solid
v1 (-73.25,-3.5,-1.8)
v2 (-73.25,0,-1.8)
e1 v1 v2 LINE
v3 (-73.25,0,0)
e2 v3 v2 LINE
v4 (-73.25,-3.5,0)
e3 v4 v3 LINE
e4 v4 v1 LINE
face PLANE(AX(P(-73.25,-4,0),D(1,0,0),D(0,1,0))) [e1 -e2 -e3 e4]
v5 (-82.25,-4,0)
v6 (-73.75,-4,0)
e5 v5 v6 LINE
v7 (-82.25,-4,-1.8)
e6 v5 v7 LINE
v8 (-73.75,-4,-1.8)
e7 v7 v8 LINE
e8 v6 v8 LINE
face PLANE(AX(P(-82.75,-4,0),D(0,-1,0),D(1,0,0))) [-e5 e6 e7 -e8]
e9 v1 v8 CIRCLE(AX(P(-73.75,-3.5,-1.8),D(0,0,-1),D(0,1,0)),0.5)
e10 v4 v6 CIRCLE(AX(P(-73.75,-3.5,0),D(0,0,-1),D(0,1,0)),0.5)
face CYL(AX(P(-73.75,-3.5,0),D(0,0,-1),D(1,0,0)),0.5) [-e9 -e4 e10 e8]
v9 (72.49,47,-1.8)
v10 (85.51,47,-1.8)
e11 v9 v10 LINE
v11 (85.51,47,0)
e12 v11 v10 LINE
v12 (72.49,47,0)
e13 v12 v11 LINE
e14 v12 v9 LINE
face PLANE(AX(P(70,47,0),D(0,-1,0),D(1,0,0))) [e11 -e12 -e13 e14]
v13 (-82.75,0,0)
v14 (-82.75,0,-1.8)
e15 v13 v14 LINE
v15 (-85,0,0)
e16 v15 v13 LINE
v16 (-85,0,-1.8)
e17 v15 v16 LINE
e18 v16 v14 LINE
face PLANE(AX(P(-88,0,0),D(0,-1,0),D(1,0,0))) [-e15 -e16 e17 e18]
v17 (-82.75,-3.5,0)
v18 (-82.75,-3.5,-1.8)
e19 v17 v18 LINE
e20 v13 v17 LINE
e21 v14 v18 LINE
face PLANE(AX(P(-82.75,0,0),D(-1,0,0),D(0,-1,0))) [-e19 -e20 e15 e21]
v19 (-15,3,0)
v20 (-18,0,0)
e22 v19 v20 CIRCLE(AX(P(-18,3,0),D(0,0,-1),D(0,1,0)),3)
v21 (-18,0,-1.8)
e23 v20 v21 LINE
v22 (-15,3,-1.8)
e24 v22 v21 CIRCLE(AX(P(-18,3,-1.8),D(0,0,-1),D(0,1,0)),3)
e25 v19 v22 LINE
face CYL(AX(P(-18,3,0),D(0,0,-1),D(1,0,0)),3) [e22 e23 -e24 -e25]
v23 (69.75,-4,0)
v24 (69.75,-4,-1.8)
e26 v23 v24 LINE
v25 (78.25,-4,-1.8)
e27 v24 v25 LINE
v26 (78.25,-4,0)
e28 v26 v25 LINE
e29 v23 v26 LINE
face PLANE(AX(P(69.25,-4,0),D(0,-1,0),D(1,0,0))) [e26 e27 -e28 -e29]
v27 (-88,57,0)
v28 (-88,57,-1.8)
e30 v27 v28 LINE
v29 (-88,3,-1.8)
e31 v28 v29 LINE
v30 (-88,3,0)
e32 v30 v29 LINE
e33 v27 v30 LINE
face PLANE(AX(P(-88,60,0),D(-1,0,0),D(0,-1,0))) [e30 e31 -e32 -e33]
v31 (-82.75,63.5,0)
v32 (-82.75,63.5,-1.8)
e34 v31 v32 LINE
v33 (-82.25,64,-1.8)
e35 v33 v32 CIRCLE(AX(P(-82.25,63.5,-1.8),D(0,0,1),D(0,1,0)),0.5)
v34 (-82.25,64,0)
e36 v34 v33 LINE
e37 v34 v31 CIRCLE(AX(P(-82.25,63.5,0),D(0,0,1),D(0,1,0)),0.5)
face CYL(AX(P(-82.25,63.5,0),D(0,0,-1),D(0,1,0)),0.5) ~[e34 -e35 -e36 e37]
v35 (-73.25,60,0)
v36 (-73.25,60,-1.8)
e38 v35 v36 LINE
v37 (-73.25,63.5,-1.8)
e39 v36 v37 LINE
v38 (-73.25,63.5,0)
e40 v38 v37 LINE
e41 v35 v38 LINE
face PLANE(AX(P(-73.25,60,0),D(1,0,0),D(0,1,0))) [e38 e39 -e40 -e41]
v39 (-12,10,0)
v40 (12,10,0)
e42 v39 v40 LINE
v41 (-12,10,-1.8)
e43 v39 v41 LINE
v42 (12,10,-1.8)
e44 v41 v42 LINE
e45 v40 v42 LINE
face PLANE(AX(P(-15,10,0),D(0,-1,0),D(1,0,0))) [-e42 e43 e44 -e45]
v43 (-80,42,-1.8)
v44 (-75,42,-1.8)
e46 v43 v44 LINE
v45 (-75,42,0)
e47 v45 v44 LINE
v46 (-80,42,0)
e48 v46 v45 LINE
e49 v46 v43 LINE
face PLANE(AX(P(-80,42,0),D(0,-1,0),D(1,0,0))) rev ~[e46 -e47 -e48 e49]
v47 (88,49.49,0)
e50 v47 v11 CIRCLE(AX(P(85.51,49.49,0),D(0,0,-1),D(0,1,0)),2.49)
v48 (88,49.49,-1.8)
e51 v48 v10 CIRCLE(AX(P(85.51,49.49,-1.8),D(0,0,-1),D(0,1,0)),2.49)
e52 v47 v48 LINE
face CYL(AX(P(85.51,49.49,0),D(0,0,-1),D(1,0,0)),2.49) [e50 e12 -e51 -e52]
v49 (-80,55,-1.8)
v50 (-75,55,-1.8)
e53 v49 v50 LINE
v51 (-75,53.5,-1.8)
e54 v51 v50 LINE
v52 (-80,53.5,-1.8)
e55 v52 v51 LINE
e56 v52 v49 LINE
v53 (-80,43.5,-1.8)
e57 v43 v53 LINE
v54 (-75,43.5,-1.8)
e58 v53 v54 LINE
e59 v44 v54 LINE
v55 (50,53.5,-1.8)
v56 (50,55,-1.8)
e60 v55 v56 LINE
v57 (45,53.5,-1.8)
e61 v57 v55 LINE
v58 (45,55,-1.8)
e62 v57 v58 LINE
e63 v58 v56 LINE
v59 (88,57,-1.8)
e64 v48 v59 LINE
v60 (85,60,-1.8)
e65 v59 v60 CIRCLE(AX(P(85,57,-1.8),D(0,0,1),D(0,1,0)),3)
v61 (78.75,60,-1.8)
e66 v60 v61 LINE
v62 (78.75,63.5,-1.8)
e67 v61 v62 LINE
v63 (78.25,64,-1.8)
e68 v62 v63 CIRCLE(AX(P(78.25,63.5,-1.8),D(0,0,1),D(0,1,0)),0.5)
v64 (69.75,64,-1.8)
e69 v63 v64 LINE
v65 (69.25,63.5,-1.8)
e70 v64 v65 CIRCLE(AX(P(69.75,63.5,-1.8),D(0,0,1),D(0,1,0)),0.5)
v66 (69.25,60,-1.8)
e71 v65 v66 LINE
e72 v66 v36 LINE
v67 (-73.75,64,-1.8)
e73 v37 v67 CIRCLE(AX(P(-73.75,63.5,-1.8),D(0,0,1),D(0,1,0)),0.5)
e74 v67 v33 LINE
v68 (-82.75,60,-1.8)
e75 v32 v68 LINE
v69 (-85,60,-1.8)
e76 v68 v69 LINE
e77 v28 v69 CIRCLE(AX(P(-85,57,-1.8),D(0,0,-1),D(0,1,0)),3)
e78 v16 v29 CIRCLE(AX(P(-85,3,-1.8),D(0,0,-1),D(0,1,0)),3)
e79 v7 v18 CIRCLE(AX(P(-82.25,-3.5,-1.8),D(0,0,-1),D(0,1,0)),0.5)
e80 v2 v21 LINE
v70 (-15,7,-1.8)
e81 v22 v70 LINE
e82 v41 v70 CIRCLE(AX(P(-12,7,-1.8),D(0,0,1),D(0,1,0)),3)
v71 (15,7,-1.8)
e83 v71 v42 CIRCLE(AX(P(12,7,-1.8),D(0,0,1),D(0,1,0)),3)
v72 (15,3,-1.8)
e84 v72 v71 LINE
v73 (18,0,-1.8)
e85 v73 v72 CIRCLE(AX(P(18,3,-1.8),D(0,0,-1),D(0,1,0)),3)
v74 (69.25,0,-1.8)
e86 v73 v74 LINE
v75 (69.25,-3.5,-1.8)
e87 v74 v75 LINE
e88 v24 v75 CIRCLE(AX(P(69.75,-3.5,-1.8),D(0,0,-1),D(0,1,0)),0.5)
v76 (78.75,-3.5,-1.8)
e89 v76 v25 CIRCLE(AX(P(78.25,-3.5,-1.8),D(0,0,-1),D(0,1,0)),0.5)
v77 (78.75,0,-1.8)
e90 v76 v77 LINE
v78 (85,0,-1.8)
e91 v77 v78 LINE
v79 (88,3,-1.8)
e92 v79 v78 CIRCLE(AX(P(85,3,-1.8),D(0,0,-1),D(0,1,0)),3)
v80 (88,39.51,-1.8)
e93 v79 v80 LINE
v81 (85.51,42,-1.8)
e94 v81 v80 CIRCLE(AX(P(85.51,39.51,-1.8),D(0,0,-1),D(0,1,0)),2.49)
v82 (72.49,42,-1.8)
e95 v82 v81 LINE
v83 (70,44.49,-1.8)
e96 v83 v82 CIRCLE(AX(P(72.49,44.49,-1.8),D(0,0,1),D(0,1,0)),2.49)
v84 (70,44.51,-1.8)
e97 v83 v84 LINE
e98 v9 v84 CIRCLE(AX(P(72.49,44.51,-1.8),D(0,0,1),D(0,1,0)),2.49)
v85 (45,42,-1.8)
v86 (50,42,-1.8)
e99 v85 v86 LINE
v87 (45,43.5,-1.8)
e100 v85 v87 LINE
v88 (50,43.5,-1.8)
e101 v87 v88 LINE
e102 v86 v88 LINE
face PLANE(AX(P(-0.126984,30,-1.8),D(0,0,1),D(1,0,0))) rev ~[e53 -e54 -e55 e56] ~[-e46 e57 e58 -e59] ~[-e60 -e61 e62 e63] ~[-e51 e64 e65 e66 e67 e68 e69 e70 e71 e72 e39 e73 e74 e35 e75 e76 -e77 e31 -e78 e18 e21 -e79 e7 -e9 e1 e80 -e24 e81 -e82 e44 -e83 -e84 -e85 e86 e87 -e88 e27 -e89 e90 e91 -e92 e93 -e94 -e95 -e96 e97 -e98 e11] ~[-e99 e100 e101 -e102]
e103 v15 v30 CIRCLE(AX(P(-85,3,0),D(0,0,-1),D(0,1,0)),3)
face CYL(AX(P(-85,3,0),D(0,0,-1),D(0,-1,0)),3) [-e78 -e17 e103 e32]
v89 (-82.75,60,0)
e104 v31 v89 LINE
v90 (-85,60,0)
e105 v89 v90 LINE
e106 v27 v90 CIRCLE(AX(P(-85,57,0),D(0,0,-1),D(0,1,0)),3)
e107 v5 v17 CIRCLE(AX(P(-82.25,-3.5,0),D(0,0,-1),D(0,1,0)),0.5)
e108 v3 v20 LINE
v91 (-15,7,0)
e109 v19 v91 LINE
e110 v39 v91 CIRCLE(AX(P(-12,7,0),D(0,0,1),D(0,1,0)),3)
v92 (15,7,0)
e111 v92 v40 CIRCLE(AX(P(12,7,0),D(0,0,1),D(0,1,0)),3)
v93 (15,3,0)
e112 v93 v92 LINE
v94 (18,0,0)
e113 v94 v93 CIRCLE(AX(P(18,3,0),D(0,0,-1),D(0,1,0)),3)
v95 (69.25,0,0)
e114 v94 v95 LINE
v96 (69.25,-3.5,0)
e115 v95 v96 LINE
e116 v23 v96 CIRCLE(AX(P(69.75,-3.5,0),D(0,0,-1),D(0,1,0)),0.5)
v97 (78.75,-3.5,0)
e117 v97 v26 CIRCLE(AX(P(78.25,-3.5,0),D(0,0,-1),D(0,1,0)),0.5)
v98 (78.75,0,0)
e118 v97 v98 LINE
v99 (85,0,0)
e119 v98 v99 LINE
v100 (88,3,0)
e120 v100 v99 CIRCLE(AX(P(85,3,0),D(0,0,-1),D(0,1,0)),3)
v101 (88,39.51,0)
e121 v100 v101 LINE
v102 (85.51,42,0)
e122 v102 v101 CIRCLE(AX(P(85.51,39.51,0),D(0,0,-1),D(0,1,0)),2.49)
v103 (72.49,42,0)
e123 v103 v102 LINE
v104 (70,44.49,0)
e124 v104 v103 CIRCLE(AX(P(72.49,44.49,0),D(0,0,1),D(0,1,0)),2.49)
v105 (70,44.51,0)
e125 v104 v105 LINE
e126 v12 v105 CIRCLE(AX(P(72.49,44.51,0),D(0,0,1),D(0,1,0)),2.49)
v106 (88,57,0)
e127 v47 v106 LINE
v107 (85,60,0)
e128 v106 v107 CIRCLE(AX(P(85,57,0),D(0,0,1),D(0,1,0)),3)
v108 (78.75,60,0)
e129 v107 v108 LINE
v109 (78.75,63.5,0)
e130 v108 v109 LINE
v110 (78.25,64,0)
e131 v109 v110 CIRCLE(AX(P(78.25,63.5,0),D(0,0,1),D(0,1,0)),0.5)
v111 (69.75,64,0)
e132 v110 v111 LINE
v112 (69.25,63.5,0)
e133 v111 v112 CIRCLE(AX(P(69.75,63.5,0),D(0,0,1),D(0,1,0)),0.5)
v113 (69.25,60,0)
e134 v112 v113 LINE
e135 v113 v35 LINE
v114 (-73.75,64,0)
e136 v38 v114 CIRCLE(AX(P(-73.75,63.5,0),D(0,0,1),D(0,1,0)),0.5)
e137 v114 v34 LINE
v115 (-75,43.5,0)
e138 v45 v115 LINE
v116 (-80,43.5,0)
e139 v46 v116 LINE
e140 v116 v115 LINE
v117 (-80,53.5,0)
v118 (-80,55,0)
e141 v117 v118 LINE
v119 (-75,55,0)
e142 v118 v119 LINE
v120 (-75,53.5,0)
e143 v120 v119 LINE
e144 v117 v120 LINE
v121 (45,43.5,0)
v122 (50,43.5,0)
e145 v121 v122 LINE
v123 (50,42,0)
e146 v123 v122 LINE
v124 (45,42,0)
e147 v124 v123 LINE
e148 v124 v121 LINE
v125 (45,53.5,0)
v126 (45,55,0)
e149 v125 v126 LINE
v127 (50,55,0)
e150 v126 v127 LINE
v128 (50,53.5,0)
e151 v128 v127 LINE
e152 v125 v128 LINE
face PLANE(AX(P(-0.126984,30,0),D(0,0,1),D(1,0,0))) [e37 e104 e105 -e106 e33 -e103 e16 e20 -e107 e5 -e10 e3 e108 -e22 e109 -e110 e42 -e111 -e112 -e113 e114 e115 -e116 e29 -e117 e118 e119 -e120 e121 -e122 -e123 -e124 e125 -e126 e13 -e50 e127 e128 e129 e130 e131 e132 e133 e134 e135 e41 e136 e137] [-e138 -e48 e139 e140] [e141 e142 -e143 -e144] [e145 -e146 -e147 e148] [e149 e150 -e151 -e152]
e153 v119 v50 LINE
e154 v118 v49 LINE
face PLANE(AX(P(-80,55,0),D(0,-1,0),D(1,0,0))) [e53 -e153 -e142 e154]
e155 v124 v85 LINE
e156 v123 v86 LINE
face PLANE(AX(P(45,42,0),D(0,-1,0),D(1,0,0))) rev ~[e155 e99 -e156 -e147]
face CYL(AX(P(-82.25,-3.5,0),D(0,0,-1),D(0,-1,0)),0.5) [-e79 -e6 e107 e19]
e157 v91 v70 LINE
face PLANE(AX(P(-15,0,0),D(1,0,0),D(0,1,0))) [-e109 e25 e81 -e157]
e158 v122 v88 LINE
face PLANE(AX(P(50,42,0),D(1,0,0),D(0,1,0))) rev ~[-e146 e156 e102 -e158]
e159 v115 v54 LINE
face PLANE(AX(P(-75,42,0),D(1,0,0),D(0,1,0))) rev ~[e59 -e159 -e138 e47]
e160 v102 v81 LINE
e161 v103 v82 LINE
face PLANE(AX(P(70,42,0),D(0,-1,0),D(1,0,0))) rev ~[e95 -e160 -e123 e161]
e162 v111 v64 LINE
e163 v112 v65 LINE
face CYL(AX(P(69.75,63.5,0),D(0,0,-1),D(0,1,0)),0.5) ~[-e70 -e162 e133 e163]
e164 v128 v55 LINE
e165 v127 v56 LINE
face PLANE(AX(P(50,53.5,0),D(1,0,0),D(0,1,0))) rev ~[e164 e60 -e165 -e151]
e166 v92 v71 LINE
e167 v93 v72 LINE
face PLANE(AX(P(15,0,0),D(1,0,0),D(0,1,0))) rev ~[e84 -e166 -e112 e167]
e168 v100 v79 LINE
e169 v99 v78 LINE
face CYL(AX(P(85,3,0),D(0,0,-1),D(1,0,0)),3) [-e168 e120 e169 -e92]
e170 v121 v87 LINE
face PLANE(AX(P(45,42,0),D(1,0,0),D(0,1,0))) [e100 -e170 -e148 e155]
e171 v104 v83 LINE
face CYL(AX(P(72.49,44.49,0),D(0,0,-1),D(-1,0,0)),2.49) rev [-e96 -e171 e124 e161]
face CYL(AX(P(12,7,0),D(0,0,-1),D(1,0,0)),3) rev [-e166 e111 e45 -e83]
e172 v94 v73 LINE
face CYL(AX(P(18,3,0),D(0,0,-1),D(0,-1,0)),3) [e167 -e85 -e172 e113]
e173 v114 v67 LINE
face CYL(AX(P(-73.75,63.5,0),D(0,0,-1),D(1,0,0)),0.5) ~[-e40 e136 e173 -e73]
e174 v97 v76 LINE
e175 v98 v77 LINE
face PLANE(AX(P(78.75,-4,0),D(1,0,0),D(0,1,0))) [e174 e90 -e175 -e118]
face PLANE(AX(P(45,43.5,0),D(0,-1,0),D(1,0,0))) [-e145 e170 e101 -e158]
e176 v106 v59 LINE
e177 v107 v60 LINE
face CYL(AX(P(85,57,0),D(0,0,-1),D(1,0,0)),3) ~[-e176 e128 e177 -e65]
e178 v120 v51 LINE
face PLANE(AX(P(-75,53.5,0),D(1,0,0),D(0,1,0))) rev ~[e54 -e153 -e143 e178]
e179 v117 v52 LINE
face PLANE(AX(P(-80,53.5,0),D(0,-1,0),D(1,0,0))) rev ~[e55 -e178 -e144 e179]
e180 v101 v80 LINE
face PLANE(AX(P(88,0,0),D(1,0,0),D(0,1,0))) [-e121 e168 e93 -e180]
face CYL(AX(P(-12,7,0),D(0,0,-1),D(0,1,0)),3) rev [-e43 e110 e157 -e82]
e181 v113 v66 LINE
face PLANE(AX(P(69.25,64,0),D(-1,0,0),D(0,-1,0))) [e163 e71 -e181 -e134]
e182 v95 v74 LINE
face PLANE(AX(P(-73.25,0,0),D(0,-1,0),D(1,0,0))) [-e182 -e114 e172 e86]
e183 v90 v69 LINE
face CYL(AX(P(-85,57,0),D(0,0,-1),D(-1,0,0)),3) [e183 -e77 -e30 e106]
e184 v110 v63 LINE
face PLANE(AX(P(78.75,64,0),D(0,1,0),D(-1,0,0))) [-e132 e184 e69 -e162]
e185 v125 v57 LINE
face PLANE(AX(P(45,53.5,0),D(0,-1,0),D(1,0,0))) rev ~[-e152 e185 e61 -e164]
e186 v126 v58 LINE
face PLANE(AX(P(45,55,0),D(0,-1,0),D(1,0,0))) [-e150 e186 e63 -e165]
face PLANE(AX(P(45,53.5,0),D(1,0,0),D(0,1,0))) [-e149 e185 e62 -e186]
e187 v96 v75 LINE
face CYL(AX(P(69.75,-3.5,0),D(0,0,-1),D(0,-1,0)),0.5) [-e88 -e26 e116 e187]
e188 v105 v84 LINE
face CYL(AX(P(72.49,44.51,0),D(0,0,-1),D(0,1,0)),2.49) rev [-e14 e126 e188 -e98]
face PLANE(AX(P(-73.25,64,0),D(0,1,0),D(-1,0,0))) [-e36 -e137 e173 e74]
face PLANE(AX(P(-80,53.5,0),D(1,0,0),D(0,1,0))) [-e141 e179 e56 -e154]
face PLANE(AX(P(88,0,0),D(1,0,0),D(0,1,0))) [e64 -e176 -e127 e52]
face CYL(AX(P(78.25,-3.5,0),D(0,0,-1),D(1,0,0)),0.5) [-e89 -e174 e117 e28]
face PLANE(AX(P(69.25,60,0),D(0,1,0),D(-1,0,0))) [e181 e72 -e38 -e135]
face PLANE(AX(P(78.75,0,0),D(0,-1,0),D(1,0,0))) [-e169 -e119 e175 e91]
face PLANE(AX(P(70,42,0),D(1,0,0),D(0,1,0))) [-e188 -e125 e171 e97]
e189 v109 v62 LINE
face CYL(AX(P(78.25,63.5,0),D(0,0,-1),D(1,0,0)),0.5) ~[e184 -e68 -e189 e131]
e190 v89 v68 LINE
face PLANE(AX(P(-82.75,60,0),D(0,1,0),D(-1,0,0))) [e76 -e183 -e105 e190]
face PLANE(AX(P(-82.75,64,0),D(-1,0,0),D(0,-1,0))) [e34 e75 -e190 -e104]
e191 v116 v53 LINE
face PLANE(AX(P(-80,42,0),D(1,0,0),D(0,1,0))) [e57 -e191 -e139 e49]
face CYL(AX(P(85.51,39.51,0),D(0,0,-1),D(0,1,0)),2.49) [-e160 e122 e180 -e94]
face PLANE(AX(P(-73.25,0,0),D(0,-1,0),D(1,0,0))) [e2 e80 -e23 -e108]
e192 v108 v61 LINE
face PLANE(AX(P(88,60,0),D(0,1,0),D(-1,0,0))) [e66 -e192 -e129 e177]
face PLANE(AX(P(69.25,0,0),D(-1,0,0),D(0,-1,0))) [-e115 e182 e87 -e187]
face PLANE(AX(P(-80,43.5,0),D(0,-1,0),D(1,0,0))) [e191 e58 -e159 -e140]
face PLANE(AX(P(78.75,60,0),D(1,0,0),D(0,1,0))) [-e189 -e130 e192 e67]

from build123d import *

# Parameters (mm, degrees)
PAD_DEPTH            = 1.8
SKETCH001_W          = 30
SKETCH001_H          = 10
POCKET_DEPTH         = 1.801
POCKET_DEPTH_BACK    = 0.001
FILLET_R             = 3
FILLET001_R          = 0.5
SKETCH002_W          = 5
SKETCH002_H          = 1.5
SKETCH002_W_2        = 50
SKETCH002_H_2        = 5
POCKET001_DEPTH      = 1.801
POCKET001_DEPTH_BACK = 0.001
FILLET002_R          = 2.49


with BuildPart() as part:
    # Sketch → Pad (new body)
    with BuildSketch(Plane.XY):
        Polygon((88, 0), (88, 60), (78.75, 60), (78.75, 64), (69.25, 64), (69.25, 60), (-73.25, 60), (-73.25, 64), (-82.75, 64), (-82.75, 60), (-88, 60), (-88, 0), (-82.75, 0), (-82.75, -4), (-73.25, -4), (-73.25, 0), (69.25, 0), (69.25, -4), (78.75, -4), (78.75, 0), align=None)
    extrude(amount=-PAD_DEPTH)

    # Sketch001 → Pocket (cut, two sides)
    with BuildSketch(Plane.XY) as pocket_sk:
        with Locations((0, 5)):
            Rectangle(SKETCH001_W, SKETCH001_H)
    extrude(amount=-POCKET_DEPTH, mode=Mode.SUBTRACT)
    extrude(pocket_sk.sketch, amount=POCKET_DEPTH_BACK, mode=Mode.SUBTRACT)

    # Fillet
    fillet_edges = [part.edges().sort_by_distance(p)[0] for p in [
        (88, 0, -0.9),
        (88, 60, -0.9),
        (-88, 60, -0.9),
        (-88, 0, -0.9),
        (15, 0, -0.9),
        (15, 10, -0.9),
        (-15, 10, -0.9),
        (-15, 0, -0.9),
    ]]
    fillet(fillet_edges, radius=FILLET_R)

    # Fillet001
    fillet001_edges = [part.edges().sort_by_distance(p)[0] for p in [
        (-82.75, -4, -0.9),
        (-73.25, -4, -0.9),
        (69.25, -4, -0.9),
        (78.75, -4, -0.9),
        (78.75, 64, -0.9),
        (69.25, 64, -0.9),
        (-73.25, 64, -0.9),
        (-82.75, 64, -0.9),
    ]]
    fillet(fillet001_edges, radius=FILLET001_R)

    # Sketch002 → Pocket001 (cut, two sides)
    with BuildSketch(Plane.XY) as pocket001_sk:
        with Locations((47.5, 54.25)):
            Rectangle(SKETCH002_W, SKETCH002_H)
        with Locations((47.5, 42.75)):
            Rectangle(SKETCH002_W, SKETCH002_H)
        with Locations((-77.5, 54.25)):
            Rectangle(SKETCH002_W, SKETCH002_H)
        with Locations((-77.5, 42.75)):
            Rectangle(SKETCH002_W, SKETCH002_H)
        with Locations((95, 44.5)):
            Rectangle(SKETCH002_W_2, SKETCH002_H_2)
    extrude(amount=-POCKET001_DEPTH, mode=Mode.SUBTRACT)
    extrude(pocket001_sk.sketch, amount=POCKET001_DEPTH_BACK, mode=Mode.SUBTRACT)

    # Fillet002
    fillet002_edges = [part.edges().sort_by_distance(p)[0] for p in [
        (70, 42, -0.9),
        (70, 47, -0.9),
        (88, 47, -0.9),
        (88, 42, -0.9),
    ]]
    fillet(fillet002_edges, radius=FILLET002_R)


solid = part.part
